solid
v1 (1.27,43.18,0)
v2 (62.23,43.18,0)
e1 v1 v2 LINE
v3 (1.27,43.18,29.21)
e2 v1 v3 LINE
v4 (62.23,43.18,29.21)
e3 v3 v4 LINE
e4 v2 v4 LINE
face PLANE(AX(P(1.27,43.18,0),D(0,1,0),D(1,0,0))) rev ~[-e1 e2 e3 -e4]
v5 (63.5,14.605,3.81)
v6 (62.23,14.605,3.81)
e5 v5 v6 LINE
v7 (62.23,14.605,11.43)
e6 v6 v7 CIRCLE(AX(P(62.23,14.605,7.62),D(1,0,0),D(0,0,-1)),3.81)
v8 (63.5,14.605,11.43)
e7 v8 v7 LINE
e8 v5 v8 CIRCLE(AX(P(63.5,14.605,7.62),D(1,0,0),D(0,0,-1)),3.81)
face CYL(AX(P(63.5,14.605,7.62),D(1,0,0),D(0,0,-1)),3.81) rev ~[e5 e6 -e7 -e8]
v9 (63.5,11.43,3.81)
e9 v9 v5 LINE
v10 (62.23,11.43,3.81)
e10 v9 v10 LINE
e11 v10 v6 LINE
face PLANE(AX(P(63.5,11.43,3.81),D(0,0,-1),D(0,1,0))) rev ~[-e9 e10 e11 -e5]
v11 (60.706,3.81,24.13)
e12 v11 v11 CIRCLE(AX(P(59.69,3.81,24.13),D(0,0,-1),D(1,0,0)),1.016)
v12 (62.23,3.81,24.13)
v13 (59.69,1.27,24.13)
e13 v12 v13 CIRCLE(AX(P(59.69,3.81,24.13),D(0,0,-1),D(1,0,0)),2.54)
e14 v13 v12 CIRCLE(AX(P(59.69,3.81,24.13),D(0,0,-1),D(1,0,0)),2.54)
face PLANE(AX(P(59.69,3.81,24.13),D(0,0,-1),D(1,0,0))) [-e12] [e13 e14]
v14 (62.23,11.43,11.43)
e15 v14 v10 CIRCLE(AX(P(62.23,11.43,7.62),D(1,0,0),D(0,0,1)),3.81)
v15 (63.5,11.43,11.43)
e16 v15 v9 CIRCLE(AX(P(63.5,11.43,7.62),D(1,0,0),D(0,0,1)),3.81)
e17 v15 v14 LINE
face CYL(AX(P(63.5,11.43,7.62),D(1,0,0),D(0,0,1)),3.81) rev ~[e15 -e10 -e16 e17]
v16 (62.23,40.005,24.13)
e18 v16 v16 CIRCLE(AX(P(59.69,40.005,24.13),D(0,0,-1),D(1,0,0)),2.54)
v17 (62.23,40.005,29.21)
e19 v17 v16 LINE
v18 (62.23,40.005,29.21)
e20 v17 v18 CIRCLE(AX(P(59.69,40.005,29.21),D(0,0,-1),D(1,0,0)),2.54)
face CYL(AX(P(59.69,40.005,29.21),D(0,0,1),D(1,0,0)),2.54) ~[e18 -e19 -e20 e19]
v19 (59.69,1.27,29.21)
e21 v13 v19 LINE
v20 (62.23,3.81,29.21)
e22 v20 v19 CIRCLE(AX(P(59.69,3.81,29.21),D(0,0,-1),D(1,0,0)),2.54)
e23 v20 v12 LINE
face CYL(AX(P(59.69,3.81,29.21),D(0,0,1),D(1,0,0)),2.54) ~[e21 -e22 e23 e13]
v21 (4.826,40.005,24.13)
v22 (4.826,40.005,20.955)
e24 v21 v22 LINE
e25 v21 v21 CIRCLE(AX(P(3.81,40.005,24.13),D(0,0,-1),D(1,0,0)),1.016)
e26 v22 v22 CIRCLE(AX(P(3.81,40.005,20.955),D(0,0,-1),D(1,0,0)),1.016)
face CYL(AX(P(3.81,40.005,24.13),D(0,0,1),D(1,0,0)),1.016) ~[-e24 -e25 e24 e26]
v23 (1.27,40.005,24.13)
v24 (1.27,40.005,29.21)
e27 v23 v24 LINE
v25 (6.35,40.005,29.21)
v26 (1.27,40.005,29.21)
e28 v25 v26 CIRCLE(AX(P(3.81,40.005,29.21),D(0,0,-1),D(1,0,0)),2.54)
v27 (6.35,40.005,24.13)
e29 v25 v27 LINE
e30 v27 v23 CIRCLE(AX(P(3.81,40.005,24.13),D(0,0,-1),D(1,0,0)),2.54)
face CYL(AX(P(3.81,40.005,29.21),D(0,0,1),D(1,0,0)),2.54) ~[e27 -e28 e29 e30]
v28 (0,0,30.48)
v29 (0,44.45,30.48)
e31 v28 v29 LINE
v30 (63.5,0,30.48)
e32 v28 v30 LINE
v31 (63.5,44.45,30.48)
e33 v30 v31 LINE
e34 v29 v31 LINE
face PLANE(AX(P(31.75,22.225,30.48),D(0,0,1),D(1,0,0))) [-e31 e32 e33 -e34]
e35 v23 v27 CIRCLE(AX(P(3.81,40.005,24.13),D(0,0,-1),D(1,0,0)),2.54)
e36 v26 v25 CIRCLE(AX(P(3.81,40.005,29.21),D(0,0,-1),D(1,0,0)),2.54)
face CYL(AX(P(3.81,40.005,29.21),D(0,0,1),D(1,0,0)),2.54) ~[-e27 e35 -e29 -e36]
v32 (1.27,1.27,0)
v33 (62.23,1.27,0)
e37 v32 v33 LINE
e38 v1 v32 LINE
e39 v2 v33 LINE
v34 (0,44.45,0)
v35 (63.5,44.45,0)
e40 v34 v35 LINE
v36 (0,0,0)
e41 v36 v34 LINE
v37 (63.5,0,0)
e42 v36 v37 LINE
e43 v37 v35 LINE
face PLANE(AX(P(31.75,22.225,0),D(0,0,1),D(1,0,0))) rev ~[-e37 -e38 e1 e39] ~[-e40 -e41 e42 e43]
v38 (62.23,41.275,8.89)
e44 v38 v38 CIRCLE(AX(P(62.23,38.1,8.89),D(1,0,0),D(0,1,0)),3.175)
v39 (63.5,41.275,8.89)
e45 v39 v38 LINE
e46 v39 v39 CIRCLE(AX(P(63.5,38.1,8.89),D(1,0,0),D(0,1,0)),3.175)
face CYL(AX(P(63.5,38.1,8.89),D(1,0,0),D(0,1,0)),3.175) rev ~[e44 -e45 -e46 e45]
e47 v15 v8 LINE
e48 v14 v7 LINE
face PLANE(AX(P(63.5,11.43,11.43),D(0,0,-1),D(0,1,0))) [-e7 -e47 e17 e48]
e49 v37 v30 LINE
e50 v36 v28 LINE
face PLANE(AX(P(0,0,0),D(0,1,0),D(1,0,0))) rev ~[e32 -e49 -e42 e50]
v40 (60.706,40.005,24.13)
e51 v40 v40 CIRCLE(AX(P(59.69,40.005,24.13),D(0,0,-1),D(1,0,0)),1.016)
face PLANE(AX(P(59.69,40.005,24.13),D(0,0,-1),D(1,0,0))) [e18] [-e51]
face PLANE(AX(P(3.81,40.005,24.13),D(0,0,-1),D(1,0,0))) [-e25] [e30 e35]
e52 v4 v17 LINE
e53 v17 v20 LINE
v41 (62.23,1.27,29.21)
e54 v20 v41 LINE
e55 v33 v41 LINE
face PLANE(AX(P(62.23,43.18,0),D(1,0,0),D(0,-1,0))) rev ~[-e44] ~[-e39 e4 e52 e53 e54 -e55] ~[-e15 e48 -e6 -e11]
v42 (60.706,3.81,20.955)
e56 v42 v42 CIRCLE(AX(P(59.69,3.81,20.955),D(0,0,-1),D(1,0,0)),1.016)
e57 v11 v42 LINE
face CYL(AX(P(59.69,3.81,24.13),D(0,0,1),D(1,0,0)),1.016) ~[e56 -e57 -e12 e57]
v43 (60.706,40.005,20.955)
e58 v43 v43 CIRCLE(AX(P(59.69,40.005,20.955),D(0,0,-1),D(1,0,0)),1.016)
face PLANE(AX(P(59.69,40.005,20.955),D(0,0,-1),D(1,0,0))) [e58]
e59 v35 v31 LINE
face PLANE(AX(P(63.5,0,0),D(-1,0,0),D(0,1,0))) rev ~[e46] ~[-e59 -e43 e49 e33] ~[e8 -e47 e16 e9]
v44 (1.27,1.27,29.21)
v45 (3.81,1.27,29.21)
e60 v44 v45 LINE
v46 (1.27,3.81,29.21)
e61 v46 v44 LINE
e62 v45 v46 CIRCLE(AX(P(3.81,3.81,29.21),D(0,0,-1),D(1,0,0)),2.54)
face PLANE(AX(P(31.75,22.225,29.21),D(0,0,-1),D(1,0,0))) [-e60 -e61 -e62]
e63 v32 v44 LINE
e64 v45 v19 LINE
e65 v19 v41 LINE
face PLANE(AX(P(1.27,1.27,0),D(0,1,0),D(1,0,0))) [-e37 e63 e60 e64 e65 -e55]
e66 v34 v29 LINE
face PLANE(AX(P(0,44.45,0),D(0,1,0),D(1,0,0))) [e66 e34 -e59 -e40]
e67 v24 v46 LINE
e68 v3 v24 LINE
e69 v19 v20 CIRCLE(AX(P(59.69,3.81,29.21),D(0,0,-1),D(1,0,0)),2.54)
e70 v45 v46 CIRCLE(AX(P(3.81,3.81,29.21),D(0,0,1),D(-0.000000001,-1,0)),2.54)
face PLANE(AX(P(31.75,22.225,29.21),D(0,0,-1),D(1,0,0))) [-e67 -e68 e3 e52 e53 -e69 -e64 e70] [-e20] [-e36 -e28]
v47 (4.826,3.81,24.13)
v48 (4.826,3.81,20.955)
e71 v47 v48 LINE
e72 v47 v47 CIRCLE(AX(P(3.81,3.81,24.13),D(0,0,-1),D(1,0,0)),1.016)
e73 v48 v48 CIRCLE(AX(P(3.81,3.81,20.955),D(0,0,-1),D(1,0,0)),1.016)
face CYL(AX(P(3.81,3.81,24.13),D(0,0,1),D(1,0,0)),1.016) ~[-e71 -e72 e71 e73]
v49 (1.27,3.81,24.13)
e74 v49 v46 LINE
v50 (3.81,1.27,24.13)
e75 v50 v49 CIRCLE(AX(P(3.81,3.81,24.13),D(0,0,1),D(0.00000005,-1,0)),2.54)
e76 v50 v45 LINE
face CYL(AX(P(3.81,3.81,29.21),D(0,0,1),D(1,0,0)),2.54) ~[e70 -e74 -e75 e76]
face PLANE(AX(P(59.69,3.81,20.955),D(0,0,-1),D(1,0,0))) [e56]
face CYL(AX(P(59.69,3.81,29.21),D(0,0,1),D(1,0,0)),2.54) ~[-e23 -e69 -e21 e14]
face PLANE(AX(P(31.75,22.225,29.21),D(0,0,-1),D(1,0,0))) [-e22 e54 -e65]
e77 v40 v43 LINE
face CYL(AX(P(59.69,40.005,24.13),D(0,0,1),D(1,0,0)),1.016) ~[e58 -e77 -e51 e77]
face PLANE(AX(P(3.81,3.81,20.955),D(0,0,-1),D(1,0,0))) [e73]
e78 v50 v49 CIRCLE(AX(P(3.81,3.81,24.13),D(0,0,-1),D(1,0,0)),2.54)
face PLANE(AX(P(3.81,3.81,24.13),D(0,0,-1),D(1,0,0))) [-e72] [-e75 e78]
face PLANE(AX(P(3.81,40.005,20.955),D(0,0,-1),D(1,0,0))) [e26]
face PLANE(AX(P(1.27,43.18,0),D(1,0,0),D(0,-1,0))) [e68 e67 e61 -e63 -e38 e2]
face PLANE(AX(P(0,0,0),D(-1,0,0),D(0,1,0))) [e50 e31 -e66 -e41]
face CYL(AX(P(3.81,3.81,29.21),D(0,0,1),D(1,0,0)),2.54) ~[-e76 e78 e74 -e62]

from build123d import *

# Parameters (mm, degrees)
SKETCH_W        = 63.5
SKETCH_H        = 44.45
PAD_DEPTH       = 30.48
SKETCH001_W     = 60.96
SKETCH001_H     = 41.91
POCKET_DEPTH    = 29.21
SKETCH002_R     = 2.54
PAD001_DEPTH    = 5.08
SKETCH003_R     = 3.175
POCKET001_DEPTH = 5
COPYSKETCH004_R = 1.016
PAD002_DEPTH    = 3.175


with BuildPart() as part:
    # Sketch → Pad (new body)
    with BuildSketch(Plane.XY):
        with Locations((31.75, 22.225)):
            Rectangle(SKETCH_W, SKETCH_H)
    extrude(amount=PAD_DEPTH)

    # Sketch001 (on Face5 of Pad) → Pocket (cut)
    with BuildSketch(Plane(origin=(0, 0, 0), x_dir=(1, 0, 0), z_dir=(0, 0, -1))):
        with Locations((31.75, -22.225)):
            Rectangle(SKETCH001_W, SKETCH001_H)
    extrude(amount=-POCKET_DEPTH, mode=Mode.SUBTRACT)

    # Sketch002 (on Face11 of Pocket) → Pad001 (join)
    with BuildSketch(Plane(origin=(0, 0, 29.21), x_dir=(1, 0, 0), z_dir=(0, 0, -1))):
        with Locations((3.81, -40.005)):
            Circle(SKETCH002_R)
        with Locations((59.69, -40.005)):
            Circle(SKETCH002_R)
        with Locations((3.81, -3.81)):
            Circle(SKETCH002_R)
        with Locations((59.69, -3.81)):
            Circle(SKETCH002_R)
    extrude(amount=PAD001_DEPTH)

    # Sketch003 (on Face3 of Pad001) → Pocket001 (cut)
    with BuildSketch(Plane.YZ.offset(63.5)):
        with Locations((38.1, 8.89)):
            Circle(SKETCH003_R)
        with BuildLine():
            ThreePointArc((11.43, 11.43), (7.62, 7.62), (11.43, 3.81))
            Line((11.43, 3.81), (14.605, 3.81))
            ThreePointArc((14.605, 3.81), (18.415, 7.62), (14.605, 11.43))
            Line((11.43, 11.43), (14.605, 11.43))
        make_face()
    extrude(amount=-POCKET001_DEPTH, mode=Mode.SUBTRACT)

    # CopySketch004 → Pad002 (join)
    with BuildSketch(Plane(origin=(0, 0, 24.13), x_dir=(1, 0, 0), z_dir=(0, 0, -1))):
        with Locations((3.81, -40.005)):
            Circle(COPYSKETCH004_R)
        with Locations((3.81, -3.81)):
            Circle(COPYSKETCH004_R)
        with Locations((59.69, -3.81)):
            Circle(COPYSKETCH004_R)
        with Locations((59.69, -40.005)):
            Circle(COPYSKETCH004_R)
    extrude(amount=PAD002_DEPTH)


solid = part.part
